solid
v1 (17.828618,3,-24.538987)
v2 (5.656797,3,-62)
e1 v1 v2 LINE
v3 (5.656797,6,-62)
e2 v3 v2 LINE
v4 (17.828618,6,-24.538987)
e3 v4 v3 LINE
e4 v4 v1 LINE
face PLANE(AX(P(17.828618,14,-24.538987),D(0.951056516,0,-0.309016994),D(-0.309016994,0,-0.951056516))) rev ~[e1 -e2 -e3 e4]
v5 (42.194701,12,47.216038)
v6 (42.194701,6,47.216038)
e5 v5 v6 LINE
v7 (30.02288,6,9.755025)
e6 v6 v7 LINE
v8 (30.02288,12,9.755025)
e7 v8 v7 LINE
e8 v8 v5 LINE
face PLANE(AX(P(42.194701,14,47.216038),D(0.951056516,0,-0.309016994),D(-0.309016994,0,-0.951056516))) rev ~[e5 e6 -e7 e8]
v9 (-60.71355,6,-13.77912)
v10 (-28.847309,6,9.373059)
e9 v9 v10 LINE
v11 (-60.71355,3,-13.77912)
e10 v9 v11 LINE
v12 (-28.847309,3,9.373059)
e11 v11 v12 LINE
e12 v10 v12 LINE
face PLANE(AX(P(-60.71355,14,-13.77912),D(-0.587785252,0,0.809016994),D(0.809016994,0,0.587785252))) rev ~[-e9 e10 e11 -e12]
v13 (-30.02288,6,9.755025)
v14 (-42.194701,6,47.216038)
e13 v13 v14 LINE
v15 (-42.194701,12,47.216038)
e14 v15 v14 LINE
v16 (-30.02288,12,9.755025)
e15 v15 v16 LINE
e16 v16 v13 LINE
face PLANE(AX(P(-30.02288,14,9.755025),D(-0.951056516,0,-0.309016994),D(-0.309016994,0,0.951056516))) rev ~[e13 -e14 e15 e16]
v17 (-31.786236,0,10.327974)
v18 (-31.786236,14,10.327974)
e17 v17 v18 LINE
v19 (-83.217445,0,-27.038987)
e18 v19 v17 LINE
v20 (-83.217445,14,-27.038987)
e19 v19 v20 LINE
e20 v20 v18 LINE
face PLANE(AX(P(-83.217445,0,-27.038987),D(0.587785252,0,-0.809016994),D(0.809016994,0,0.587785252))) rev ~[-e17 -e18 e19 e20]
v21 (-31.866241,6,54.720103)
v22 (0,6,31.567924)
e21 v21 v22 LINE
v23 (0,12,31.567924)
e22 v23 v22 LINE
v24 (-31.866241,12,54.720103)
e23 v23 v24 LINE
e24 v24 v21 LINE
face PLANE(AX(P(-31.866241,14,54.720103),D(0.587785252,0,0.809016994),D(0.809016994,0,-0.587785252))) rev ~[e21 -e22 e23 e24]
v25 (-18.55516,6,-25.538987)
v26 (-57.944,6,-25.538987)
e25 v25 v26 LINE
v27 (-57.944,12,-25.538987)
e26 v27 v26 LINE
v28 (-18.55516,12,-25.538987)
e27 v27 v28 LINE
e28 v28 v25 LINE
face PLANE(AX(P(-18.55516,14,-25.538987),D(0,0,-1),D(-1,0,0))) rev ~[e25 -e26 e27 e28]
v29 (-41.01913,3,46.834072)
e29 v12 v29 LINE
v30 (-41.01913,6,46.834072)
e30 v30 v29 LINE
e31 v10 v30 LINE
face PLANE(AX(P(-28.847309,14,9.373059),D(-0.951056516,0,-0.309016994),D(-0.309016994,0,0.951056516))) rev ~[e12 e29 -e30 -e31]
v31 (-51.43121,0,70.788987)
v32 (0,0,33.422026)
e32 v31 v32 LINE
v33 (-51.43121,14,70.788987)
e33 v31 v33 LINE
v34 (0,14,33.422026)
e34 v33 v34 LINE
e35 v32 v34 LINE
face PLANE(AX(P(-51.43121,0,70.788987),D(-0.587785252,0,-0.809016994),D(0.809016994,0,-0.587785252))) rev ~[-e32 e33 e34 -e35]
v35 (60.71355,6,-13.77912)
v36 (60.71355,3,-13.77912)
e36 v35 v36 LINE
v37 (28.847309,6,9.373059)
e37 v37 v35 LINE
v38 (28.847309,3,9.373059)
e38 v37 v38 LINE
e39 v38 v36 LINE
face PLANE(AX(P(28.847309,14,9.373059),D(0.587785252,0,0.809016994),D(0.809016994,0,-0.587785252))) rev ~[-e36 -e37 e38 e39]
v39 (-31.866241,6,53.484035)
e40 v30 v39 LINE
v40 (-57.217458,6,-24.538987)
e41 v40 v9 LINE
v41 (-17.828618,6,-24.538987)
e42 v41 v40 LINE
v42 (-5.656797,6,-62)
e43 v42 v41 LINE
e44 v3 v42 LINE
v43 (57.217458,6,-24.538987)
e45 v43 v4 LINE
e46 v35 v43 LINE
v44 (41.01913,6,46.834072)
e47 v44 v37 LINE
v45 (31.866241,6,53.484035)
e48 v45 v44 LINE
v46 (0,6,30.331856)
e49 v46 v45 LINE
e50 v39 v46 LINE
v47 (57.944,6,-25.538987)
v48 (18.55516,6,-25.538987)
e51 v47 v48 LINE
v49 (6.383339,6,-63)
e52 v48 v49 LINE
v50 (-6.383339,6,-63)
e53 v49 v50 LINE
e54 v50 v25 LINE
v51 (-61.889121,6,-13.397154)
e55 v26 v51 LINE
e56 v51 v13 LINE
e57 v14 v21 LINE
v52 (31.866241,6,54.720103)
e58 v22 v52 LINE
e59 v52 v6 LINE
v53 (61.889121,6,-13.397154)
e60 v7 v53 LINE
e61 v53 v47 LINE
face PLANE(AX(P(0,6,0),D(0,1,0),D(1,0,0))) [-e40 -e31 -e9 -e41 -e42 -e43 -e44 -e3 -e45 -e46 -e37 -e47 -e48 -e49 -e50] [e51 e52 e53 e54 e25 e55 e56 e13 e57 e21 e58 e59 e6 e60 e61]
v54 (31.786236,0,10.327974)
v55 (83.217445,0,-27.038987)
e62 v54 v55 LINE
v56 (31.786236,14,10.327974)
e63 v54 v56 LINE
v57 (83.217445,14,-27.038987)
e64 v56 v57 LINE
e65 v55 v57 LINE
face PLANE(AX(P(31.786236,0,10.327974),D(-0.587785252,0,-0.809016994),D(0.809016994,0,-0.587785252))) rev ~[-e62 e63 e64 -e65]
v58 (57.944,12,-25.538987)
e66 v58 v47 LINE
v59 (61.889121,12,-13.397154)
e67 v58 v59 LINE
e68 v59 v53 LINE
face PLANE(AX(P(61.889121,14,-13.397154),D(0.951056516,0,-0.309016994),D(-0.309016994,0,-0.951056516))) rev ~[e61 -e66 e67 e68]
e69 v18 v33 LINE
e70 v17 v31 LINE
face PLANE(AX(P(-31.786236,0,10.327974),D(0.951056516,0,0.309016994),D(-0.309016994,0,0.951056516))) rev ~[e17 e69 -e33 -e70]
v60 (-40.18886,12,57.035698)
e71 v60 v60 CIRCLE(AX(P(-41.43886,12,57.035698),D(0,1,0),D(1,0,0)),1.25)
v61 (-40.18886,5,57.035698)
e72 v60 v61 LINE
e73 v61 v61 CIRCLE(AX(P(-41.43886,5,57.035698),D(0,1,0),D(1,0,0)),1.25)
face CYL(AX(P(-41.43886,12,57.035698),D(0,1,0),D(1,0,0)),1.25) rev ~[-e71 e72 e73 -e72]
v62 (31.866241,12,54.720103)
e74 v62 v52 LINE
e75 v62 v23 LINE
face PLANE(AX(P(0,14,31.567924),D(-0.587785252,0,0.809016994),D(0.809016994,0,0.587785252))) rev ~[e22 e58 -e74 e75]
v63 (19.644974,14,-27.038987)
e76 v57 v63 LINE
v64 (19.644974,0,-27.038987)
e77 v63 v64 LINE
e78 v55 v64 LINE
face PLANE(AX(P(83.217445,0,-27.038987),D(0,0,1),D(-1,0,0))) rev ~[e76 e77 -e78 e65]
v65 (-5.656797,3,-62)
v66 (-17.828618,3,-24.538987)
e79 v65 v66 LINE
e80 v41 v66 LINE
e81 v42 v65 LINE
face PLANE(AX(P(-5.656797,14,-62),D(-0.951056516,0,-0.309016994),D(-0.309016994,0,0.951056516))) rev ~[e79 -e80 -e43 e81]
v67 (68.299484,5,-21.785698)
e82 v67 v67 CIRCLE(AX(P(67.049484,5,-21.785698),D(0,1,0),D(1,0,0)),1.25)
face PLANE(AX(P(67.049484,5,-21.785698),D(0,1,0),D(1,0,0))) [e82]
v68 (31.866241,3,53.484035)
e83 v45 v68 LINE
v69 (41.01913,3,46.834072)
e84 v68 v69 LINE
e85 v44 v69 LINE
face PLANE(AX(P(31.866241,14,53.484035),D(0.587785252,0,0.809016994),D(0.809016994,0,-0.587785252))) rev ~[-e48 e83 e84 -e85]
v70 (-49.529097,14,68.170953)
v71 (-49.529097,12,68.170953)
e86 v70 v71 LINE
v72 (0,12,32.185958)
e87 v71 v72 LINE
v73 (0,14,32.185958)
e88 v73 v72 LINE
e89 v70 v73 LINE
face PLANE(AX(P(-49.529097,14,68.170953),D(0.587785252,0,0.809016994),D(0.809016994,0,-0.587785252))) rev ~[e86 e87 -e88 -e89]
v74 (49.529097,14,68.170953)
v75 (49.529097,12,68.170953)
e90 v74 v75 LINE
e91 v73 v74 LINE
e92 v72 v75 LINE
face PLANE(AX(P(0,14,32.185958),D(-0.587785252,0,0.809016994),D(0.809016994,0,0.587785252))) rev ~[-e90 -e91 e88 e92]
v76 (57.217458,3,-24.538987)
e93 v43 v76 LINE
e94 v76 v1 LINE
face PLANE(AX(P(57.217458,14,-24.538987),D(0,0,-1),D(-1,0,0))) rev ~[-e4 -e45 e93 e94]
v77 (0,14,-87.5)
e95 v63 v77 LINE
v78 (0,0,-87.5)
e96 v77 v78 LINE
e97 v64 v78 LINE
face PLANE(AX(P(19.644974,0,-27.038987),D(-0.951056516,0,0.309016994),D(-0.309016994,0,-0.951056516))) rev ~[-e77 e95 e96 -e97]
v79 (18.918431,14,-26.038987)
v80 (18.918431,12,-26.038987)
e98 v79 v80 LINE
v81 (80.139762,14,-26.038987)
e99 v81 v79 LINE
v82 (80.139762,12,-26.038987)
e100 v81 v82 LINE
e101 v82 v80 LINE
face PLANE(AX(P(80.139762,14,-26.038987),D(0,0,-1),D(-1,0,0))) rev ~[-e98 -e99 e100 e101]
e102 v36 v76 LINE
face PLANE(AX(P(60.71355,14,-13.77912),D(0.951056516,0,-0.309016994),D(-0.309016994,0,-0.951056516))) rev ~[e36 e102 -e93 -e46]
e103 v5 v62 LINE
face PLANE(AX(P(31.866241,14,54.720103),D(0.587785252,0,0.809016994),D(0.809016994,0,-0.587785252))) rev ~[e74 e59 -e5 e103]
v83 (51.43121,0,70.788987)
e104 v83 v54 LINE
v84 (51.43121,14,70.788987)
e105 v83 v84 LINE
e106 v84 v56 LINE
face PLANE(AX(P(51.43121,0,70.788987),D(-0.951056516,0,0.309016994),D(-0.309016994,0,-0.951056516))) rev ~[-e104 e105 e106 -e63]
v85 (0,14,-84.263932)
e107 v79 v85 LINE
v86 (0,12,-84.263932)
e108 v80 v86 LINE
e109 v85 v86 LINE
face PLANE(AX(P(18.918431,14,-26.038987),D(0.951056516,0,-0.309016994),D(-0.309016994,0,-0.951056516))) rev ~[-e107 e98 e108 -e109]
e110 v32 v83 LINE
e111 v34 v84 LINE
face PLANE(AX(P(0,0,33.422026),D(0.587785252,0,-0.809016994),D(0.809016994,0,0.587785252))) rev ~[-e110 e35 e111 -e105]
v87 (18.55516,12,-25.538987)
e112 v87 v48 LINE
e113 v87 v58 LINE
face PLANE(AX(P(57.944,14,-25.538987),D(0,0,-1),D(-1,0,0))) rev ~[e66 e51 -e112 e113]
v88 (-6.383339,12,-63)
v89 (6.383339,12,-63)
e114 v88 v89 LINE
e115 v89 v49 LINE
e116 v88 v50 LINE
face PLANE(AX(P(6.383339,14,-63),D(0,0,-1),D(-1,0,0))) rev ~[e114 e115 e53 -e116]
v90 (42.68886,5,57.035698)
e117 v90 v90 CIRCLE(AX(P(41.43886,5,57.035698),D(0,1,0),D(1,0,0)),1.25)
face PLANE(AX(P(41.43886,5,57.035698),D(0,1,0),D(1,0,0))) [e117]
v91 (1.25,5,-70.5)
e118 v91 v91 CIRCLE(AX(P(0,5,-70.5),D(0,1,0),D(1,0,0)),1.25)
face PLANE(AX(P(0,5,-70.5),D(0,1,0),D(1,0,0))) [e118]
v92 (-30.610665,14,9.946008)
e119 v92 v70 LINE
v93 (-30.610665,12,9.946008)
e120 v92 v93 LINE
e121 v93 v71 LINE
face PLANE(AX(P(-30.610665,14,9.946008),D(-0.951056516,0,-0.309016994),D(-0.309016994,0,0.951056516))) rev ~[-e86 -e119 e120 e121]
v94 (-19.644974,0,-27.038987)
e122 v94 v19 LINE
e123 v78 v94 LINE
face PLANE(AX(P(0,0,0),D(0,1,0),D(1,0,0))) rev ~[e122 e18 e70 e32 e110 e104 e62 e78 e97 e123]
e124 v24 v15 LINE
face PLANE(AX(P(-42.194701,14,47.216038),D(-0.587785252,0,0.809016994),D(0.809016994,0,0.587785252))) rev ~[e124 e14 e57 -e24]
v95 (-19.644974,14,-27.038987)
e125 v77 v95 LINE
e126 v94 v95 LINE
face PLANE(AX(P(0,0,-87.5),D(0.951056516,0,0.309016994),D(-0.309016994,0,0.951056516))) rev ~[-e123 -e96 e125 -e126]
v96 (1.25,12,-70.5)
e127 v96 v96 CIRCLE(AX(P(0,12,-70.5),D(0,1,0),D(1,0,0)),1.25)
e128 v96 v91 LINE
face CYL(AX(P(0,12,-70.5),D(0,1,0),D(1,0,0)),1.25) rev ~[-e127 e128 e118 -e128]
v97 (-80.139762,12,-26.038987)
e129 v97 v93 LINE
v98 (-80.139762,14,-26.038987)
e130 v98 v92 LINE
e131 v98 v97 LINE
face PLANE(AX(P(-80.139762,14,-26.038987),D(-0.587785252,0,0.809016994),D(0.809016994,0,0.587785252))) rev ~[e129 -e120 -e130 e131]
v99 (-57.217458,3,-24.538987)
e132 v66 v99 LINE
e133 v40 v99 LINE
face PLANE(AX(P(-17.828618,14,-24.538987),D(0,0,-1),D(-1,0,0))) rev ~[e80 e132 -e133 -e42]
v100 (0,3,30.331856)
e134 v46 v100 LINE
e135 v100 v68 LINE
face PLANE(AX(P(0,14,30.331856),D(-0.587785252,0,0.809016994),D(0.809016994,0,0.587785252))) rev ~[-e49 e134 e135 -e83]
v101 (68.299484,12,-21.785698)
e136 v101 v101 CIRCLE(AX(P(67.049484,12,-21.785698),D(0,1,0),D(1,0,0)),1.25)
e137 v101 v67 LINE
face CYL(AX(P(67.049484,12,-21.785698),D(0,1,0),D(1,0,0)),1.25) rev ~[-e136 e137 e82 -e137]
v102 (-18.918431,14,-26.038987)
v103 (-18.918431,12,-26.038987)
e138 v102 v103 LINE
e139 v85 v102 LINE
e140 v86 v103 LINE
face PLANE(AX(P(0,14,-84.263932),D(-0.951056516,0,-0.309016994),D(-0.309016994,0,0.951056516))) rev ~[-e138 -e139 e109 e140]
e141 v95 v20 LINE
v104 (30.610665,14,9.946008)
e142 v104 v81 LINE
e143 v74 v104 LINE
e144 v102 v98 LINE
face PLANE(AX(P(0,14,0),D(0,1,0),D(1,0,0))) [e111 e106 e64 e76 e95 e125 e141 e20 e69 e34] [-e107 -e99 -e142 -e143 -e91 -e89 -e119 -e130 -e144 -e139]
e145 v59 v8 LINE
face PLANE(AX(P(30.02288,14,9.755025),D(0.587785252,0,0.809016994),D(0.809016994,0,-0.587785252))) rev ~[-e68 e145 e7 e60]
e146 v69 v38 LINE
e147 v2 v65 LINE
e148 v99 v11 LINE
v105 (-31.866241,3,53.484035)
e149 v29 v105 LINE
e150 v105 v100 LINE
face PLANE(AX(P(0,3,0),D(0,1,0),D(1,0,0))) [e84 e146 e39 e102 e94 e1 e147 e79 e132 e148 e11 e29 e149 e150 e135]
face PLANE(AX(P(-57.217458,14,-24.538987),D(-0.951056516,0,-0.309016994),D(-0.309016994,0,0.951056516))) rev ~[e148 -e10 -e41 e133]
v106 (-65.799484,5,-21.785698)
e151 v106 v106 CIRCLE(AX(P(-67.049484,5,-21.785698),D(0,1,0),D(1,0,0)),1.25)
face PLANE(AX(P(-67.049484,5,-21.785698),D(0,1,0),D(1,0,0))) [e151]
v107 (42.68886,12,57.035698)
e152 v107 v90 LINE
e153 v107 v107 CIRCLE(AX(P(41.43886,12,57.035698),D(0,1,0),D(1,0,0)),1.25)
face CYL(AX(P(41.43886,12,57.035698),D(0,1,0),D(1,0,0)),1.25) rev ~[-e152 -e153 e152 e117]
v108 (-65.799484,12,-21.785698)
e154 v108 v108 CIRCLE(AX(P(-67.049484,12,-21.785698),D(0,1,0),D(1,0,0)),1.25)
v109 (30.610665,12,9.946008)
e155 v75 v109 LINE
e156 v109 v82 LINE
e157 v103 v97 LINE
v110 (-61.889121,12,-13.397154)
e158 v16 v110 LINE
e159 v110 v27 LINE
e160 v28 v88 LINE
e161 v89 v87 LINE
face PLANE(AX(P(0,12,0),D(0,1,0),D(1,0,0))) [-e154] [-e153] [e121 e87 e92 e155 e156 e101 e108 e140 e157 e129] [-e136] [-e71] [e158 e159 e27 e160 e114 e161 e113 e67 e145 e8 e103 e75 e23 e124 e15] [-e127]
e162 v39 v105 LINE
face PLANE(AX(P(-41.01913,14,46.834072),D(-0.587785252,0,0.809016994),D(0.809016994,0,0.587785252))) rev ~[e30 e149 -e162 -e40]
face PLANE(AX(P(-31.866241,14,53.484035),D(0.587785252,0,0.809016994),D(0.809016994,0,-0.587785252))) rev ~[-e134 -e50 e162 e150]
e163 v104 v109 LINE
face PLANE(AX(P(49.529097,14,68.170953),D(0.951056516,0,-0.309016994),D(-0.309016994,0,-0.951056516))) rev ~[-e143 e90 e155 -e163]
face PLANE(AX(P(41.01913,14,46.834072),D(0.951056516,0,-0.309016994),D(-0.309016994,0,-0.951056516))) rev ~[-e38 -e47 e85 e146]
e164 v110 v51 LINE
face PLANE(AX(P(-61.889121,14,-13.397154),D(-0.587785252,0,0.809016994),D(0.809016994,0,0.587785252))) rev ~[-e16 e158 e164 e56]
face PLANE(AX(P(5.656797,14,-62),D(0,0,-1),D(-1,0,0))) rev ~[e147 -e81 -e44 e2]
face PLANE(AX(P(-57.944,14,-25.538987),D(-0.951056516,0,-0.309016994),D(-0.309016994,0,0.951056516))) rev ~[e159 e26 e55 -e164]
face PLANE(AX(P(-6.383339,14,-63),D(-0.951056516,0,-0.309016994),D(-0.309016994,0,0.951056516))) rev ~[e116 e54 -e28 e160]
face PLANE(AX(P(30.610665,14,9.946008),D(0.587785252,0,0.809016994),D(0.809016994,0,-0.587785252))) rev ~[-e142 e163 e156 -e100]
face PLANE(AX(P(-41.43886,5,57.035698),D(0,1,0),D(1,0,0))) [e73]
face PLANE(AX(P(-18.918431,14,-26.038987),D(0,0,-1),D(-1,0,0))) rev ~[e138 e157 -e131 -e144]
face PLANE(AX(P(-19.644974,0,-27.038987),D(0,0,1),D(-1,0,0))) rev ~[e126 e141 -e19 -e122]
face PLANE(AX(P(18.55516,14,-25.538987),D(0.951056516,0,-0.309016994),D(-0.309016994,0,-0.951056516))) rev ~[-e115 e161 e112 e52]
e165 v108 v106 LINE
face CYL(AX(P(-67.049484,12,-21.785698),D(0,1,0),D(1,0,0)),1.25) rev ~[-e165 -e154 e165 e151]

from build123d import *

# Parameters (mm, degrees)
SALIENTE_EXTRUIR1_DEPTH = 14
CORTAR_EXTRUIR1_DEPTH   = 11
CORTAR_EXTRUIR2_DEPTH   = 8
CROQUIS4_OUTSIDE_W      = 214.456
CROQUIS4_OUTSIDE_H      = 206.311
CORTAR_EXTRUIR4_DEPTH   = 2
CROQUIS6_R              = 1.25
CORTAR_EXTRUIR6_DEPTH   = 7


with BuildPart() as part:
    # Croquis1 → Saliente-Extruir1 (new body)
    with BuildSketch(Plane(origin=(0, 0, 0), x_dir=(1, 0, 0), z_dir=(0, 1, 0))):
        Polygon((0, 87.5), (-19.644973975, 27.038987008), (-83.217445176, 27.038987008), (-31.7862356, -10.327974016), (-51.431209576, -70.788987008), (0, -33.422025984), (51.431209576, -70.788987008), (31.7862356, -10.327974016), (83.217445176, 27.038987008), (19.644973975, 27.038987008), align=None)
    extrude(amount=SALIENTE_EXTRUIR1_DEPTH)

    # Croquis2 → Cortar-Extruir1 (cut)
    with BuildSketch(Plane(origin=(0, 14, 0), x_dir=(1, 0, 0), z_dir=(0, 1, 0))):
        Polygon((31.866240983, -53.484035323), (41.019130301, -46.83407198), (28.847309339, -9.373058987), (60.713550322, 13.779120295), (57.217457698, 24.538987008), (17.828617655, 24.538987008), (5.656796693, 62), (-5.656796693, 62), (-17.828617655, 24.538987008), (-57.217457698, 24.538987008), (-60.713550322, 13.779120295), (-28.847309339, -9.373058987), (-41.019130301, -46.83407198), (-31.866240983, -53.484035323), (0, -30.331856041), align=None)
    extrude(amount=-CORTAR_EXTRUIR1_DEPTH, mode=Mode.SUBTRACT)

    # Croquis3 → Cortar-Extruir2 (cut)
    with BuildSketch(Plane(origin=(0, 14, 0), x_dir=(1, 0, 0), z_dir=(0, 1, 0))):
        Polygon((57.944000226, 25.538987008), (18.555160183, 25.538987008), (6.383339221, 63), (-6.383339221, 63), (-18.555160183, 25.538987008), (-57.944000226, 25.538987008), (-61.889120827, 13.397154283), (-30.022879843, -9.755024999), (-42.194700805, -47.216037991), (-31.866240983, -54.7201033), (0, -31.567924018), (31.866240983, -54.7201033), (42.194700805, -47.216037991), (30.022879843, -9.755024999), (61.889120827, 13.397154283), align=None)
        Polygon((57.217457698, 24.538987008), (17.828617655, 24.538987008), (5.656796693, 62), (-5.656796693, 62), (-17.828617655, 24.538987008), (-57.217457698, 24.538987008), (-60.713550322, 13.779120295), (-28.847309339, -9.373058987), (-41.019130301, -46.83407198), (-31.866240983, -53.484035323), (0, -30.331856041), (31.866240983, -53.484035323), (41.019130301, -46.83407198), (28.847309339, -9.373058987), (60.713550322, 13.779120295), align=None, mode=Mode.SUBTRACT)
    extrude(amount=-CORTAR_EXTRUIR2_DEPTH, mode=Mode.SUBTRACT)

    # Croquis4 outside → Cortar-Extruir4 (cut)
    with BuildSketch(Plane(origin=(0, 14, 0), x_dir=(1, 0, 0), z_dir=(0, 1, 0))):
        with Locations((0, 8.3555)):
            Rectangle(CROQUIS4_OUTSIDE_W, CROQUIS4_OUTSIDE_H)
        Polygon((19.644973975, 27.038987008), (0, 87.5), (-19.644973975, 27.038987008), (-83.217445176, 27.038987008), (-31.7862356, -10.327974016), (-51.431209576, -70.788987008), (0, -33.422025984), (51.431209576, -70.788987008), (31.7862356, -10.327974016), (83.217445176, 27.038987008), align=None, mode=Mode.SUBTRACT)
        Polygon((18.918431447, 26.038987008), (0, 84.263932023), (-18.918431447, 26.038987008), (-80.139761639, 26.038987008), (-30.610665096, -9.946008004), (-49.529096543, -68.170953019), (0, -32.185958007), (49.529096543, -68.170953019), (30.610665096, -9.946008004), (80.139761639, 26.038987008), align=None)
    extrude(amount=-CORTAR_EXTRUIR4_DEPTH, mode=Mode.SUBTRACT)

    # Croquis6 → Cortar-Extruir6 (cut)
    with BuildSketch(Plane(origin=(0, 12, 0), x_dir=(1, 0, 0), z_dir=(0, 1, 0))):
        with Locations((-67.049484399, 21.785698103)):
            Circle(CROQUIS6_R)
        with Locations((0, 70.5)):
            Circle(CROQUIS6_R)
        with Locations((67.049484399, 21.785698103)):
            Circle(CROQUIS6_R)
        with Locations((41.438860287, -57.035698103)):
            Circle(CROQUIS6_R)
        with Locations((-41.438860287, -57.035698103)):
            Circle(CROQUIS6_R)
    extrude(amount=-CORTAR_EXTRUIR6_DEPTH, mode=Mode.SUBTRACT)


solid = part.part
